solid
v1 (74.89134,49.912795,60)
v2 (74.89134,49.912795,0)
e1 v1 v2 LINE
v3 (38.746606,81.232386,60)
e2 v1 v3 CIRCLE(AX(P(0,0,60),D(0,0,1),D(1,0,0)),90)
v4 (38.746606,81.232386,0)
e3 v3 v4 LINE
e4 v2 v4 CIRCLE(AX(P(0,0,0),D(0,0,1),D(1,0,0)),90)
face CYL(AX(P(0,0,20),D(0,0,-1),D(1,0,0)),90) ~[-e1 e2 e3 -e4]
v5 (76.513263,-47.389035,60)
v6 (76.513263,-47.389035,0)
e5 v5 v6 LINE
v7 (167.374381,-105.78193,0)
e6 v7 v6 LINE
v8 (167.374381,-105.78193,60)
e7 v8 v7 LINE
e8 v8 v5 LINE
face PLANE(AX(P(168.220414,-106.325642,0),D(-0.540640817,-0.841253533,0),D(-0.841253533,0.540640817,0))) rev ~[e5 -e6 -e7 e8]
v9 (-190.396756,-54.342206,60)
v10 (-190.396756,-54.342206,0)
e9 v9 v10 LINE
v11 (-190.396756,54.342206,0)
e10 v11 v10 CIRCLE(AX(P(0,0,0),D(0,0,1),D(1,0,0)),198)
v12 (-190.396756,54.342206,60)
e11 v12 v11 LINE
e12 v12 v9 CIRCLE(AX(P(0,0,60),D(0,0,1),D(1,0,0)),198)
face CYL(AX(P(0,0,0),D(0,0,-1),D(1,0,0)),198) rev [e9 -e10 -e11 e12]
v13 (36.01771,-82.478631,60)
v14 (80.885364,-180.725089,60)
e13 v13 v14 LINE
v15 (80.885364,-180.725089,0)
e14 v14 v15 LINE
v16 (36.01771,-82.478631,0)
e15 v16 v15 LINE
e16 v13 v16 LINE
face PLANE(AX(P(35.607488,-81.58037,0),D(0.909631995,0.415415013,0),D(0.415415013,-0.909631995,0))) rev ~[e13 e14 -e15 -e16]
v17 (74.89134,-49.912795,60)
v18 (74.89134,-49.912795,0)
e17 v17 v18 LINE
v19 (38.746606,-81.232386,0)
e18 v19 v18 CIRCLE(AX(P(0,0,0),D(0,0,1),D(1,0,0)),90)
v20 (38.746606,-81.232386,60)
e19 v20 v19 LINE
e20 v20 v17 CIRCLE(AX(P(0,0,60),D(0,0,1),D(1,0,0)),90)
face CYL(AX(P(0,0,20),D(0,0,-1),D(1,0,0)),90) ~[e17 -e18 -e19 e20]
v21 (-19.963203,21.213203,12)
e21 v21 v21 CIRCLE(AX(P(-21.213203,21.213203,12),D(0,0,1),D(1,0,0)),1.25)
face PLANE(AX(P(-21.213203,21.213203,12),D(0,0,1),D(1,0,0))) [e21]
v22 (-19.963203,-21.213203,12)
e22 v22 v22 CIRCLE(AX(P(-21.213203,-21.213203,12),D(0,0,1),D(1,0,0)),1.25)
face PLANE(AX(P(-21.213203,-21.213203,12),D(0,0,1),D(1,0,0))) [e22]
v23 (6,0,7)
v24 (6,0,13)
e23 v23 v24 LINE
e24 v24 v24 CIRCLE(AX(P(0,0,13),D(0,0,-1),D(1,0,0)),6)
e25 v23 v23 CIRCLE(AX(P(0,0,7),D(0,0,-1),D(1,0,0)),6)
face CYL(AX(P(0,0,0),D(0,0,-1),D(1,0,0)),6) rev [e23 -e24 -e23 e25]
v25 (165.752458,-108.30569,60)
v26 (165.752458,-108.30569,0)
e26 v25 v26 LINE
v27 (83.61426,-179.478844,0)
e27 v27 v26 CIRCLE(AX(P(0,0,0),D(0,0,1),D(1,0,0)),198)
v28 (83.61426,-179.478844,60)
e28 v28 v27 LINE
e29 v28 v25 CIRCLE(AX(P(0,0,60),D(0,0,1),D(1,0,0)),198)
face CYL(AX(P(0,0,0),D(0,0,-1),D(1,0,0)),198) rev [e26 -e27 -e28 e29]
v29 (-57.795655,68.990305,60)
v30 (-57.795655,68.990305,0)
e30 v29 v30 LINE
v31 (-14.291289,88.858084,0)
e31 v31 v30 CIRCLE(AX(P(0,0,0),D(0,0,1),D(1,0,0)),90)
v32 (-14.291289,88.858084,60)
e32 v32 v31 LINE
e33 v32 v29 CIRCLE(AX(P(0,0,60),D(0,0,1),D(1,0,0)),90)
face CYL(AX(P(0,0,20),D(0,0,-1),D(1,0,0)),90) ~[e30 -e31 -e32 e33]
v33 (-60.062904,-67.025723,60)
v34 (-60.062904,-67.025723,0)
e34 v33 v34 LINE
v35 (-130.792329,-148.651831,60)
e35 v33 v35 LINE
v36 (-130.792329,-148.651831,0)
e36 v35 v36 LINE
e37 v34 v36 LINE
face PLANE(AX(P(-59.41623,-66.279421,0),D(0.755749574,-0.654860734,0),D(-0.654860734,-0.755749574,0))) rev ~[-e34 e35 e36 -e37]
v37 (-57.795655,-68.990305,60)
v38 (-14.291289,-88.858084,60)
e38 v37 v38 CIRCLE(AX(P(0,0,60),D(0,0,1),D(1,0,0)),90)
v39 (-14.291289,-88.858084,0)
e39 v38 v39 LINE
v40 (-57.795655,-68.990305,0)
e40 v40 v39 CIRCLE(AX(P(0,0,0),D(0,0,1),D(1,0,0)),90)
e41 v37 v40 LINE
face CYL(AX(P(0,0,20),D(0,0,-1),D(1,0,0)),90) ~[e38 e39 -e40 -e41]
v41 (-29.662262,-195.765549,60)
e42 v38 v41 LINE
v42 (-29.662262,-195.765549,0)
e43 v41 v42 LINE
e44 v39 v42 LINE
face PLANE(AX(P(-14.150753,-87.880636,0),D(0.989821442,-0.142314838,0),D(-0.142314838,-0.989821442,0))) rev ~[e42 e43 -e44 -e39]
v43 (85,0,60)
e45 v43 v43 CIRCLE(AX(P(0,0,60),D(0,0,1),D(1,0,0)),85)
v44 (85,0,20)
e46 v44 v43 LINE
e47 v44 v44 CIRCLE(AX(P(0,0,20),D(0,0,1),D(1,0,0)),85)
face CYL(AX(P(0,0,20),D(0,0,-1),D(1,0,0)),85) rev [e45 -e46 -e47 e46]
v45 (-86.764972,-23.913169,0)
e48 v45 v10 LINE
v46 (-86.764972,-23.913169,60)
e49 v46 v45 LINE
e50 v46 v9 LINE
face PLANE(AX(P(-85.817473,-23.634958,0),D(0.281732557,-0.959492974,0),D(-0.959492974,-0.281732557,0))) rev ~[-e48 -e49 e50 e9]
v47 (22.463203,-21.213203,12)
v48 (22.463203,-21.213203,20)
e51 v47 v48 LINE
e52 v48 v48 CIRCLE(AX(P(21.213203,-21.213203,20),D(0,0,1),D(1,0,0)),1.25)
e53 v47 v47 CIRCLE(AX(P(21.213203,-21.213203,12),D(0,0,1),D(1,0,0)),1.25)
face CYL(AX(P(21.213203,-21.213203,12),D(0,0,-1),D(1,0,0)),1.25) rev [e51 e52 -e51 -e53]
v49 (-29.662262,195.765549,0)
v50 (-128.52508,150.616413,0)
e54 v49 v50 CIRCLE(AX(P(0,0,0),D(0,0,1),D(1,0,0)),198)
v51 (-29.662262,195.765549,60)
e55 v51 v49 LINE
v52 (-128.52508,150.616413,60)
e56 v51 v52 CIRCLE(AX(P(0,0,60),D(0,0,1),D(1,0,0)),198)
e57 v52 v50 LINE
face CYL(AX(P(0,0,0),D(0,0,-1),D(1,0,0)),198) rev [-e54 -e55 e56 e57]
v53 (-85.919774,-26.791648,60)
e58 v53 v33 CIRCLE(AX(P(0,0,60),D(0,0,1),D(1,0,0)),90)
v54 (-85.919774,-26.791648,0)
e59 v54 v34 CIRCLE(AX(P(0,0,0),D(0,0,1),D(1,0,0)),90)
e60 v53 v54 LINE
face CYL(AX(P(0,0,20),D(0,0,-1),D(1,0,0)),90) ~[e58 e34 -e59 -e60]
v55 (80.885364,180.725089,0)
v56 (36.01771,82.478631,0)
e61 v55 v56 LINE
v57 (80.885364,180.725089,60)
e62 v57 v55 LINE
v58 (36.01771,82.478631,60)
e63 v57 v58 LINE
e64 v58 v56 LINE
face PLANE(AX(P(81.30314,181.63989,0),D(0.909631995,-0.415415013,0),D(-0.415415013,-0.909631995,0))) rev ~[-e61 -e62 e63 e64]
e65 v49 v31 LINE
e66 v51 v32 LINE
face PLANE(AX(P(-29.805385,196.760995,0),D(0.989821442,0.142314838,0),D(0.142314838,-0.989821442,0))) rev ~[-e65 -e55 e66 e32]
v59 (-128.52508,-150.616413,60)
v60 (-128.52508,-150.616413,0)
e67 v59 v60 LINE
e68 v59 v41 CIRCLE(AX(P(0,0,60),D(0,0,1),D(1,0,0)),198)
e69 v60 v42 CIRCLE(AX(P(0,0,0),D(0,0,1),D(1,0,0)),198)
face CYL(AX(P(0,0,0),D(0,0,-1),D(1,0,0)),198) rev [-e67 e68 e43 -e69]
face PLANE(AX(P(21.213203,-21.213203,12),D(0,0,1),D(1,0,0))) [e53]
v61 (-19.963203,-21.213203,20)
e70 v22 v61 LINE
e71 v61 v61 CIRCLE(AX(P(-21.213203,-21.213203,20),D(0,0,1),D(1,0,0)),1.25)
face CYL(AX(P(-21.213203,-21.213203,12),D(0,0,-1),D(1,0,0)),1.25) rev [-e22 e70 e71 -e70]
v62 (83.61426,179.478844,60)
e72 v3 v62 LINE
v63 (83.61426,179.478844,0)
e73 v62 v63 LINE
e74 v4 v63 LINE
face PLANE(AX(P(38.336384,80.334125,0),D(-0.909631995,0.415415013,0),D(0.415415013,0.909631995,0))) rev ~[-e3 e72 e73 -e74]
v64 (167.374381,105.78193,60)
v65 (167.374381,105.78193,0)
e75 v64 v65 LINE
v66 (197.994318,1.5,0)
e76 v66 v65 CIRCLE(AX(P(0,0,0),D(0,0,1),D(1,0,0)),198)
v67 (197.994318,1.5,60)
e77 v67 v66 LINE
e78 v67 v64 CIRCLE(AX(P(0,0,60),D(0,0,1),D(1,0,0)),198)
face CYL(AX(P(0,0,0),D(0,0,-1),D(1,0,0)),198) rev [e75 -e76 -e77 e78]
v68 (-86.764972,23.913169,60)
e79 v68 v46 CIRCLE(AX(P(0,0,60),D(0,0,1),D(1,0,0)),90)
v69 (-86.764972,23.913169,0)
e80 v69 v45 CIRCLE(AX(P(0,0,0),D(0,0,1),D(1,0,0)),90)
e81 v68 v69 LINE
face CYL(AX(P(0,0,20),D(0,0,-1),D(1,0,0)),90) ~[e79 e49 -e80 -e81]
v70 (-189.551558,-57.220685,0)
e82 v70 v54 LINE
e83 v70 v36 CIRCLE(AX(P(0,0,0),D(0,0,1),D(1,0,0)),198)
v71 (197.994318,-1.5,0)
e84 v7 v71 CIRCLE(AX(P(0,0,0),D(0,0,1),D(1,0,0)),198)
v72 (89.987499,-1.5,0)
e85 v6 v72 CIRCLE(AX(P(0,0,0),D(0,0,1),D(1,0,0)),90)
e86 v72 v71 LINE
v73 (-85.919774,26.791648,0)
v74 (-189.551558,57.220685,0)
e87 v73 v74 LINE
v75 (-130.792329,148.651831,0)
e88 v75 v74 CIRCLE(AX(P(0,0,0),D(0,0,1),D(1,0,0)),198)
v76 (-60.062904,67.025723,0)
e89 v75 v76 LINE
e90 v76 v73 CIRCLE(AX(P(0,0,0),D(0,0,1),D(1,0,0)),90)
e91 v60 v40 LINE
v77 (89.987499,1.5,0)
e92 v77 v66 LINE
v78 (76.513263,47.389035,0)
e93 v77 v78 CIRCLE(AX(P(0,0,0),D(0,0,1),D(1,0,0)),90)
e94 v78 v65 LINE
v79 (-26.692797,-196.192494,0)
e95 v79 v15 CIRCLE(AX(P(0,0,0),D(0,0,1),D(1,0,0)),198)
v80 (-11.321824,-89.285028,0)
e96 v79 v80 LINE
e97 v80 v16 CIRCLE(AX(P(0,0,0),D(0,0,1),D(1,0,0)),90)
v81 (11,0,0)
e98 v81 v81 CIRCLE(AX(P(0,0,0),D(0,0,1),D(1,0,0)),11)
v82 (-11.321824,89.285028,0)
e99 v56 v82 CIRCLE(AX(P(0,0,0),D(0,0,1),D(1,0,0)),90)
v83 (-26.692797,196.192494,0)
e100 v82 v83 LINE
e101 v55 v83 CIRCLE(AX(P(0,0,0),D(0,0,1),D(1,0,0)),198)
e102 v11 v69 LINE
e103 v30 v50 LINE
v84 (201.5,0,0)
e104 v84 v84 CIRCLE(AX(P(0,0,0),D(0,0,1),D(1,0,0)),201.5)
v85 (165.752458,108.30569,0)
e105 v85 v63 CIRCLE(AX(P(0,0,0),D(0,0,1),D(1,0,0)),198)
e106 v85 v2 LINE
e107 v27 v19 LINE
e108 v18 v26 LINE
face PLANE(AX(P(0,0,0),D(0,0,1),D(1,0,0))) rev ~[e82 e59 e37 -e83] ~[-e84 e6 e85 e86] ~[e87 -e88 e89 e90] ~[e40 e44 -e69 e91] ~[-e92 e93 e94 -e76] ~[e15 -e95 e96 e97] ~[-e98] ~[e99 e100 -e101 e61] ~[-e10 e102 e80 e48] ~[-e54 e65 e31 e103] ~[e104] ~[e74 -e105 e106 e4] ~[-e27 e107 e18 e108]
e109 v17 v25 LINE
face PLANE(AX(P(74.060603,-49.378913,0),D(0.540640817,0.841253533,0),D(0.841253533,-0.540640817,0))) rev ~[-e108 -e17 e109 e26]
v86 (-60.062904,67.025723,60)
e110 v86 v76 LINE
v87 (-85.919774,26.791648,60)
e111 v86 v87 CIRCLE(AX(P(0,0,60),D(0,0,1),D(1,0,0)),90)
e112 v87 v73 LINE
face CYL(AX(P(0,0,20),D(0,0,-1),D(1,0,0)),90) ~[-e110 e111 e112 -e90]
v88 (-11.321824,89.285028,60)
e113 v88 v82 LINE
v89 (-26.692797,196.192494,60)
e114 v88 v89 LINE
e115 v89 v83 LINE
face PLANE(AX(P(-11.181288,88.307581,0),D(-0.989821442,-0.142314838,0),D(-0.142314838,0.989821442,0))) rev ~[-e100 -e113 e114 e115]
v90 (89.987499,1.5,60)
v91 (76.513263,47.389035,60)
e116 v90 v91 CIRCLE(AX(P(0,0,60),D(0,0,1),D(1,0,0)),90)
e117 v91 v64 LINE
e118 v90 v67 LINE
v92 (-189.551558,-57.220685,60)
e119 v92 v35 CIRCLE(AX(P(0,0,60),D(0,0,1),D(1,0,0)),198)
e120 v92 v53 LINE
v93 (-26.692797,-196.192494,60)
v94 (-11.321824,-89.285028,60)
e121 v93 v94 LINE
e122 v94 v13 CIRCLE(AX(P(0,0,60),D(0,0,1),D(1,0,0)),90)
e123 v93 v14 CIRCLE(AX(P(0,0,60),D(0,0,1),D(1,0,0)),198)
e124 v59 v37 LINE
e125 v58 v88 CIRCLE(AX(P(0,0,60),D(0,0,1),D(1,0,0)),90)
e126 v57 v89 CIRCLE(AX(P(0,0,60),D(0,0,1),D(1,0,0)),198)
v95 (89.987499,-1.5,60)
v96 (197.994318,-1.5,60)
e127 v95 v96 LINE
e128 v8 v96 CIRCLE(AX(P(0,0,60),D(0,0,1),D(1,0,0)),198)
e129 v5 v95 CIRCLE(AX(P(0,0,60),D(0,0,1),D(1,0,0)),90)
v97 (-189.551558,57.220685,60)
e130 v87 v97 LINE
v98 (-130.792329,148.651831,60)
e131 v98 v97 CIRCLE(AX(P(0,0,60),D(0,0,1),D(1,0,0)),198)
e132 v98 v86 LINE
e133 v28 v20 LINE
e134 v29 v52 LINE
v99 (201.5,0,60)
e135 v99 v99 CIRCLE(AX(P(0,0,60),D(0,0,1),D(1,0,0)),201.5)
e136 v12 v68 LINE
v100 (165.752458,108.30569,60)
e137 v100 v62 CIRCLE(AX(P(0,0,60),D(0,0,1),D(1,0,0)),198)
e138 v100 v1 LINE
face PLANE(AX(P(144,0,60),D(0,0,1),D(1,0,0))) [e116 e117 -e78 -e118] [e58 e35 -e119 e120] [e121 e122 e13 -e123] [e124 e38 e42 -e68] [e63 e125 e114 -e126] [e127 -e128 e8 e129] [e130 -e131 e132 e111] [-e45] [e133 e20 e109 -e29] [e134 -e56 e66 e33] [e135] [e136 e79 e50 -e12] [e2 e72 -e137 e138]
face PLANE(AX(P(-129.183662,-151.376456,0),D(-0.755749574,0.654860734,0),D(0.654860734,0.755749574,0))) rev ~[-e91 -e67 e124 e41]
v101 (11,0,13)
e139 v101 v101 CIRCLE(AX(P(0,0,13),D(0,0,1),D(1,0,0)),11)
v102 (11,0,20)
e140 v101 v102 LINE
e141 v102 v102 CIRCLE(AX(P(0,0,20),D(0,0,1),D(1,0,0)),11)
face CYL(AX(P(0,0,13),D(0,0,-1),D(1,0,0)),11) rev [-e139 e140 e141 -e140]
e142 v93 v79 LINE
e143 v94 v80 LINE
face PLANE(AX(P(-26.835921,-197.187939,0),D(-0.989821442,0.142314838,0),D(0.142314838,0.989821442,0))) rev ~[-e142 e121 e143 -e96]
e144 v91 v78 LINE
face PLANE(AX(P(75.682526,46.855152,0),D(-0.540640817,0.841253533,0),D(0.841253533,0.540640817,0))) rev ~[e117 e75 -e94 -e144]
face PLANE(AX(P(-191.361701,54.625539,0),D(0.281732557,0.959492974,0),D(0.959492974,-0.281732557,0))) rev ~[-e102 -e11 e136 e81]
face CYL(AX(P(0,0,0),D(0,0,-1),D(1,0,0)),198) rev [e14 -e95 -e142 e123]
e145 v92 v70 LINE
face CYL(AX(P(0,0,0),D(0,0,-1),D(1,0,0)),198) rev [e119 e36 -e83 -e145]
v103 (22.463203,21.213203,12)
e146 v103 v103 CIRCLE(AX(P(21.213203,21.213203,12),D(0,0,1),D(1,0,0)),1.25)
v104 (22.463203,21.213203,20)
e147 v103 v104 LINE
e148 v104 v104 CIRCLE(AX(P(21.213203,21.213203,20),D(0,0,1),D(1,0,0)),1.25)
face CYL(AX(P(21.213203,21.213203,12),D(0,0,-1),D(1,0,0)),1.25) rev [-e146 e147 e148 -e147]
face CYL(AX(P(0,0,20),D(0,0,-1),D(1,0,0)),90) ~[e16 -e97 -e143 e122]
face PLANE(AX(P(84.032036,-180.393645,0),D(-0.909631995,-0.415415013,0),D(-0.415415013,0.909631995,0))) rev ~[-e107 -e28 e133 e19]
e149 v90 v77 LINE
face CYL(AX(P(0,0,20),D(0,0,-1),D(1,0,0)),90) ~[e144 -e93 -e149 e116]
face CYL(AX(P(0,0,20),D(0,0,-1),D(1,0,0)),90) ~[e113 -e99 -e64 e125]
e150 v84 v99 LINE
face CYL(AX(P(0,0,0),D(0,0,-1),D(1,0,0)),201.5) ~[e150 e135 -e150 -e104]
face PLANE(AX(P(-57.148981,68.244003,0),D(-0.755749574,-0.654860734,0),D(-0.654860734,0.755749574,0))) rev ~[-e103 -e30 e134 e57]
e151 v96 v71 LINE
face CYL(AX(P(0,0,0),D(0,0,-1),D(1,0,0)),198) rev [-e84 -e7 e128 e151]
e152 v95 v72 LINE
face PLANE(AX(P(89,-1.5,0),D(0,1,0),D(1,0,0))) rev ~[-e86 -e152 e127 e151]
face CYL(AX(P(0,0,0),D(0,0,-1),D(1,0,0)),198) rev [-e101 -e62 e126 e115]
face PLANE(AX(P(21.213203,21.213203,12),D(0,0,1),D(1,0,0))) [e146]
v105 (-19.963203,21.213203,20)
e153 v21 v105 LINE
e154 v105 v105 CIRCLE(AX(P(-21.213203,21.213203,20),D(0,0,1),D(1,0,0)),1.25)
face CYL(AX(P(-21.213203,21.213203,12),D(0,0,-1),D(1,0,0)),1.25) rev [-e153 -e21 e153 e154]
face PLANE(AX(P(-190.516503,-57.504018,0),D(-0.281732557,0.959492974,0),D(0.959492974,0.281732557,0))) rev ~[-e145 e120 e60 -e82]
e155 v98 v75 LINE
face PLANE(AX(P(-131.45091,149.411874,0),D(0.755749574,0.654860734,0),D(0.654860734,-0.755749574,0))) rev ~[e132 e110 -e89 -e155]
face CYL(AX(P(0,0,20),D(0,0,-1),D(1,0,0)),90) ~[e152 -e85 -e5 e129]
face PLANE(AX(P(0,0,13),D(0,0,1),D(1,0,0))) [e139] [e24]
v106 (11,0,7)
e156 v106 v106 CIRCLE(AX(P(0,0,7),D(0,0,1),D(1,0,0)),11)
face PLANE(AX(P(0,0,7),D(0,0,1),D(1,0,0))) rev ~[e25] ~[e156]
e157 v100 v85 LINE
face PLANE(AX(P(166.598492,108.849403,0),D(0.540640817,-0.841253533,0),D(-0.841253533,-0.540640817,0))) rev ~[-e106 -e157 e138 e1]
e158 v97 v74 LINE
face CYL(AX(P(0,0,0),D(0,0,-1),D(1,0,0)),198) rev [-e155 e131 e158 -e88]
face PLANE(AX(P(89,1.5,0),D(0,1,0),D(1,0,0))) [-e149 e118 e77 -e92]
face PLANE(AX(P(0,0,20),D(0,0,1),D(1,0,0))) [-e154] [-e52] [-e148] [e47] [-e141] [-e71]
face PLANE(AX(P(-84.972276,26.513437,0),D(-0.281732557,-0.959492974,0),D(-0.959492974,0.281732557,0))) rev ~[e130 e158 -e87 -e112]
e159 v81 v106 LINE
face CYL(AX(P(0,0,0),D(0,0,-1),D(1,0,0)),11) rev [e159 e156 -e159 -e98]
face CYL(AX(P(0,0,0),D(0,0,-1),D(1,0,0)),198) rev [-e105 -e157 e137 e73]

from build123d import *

# Parameters (mm, degrees)
SKETCH1_R               = 201.5
SKETCH1_R_2             = 198
RING_DEPTH              = 60
SKETCH2_R               = 90
FLOOR_2_DEPTH           = 20
SKETCH3_R               = 90
SKETCH3_R_2             = 85
HUB_TUBE_DEPTH          = 40
SKETCH4_W               = 110
SKETCH4_H               = 3
VANES_DEPTH             = 60
SKETCH5_R               = 6
BORE_DEPTH              = 20
SKETCH6_R               = 11
BEARING_SEAT_LOW_DEPTH  = 7
SKETCH7_R               = 11
BEARING_SEAT_HIGH_DEPTH = 7
SKETCH8_R               = 1.25
GROMMET_SCREWS_DEPTH    = 8


with BuildPart() as part:
    # Sketch1 → Ring (new body)
    with BuildSketch(Plane.XY):
        Circle(SKETCH1_R)
        Circle(SKETCH1_R_2, mode=Mode.SUBTRACT)
    extrude(amount=RING_DEPTH)



with BuildPart() as body_2:
    # Sketch2 → Floor 2 (new body)
    with BuildSketch(Plane.XY):
        Circle(SKETCH2_R)
    extrude(amount=FLOOR_2_DEPTH)

    # Sketch3 → Hub_tube (add)
    with BuildSketch(Plane.XY.offset(20)):
        Circle(SKETCH3_R)
        Circle(SKETCH3_R_2, mode=Mode.SUBTRACT)
    extrude(amount=HUB_TUBE_DEPTH)


with BuildPart() as part_1:
    add(part.part)

    add(body_2.part)  # Vanes merges body 2
    # Sketch4 → Vanes (add)
    with BuildSketch(Plane.XY):
        with Locations((144, 0)):
            Rectangle(SKETCH4_W, SKETCH4_H)
        Polygon((75.682525648, 46.855152454), (168.22041426, 106.325642374), (166.598491807, 108.849402973), (74.060603196, 49.378913053), align=None)
        Polygon((38.33638415, 80.334125067), (84.03203558, 180.393644556), (81.303139594, 181.639889595), (35.607488164, 81.580370106), align=None)
        Polygon((-11.181288444, 88.307580585), (-26.835920654, 197.187939192), (-29.805384979, 196.760994677), (-14.150752769, 87.88063607), align=None)
        Polygon((-57.14898096, 68.244003218), (-129.183661694, 151.376456397), (-131.450910417, 149.411874196), (-59.416229683, 66.279421017), align=None)
        Polygon((-84.972275816, 26.513437019), (-190.516502914, 57.504018272), (-191.361700585, 54.625539351), (-85.817473487, 23.634958098), align=None)
        Polygon((-85.817473487, -23.634958098), (-191.361700585, -54.625539351), (-190.516502914, -57.504018272), (-84.972275816, -26.513437019), align=None)
        Polygon((-59.416229683, -66.279421017), (-131.450910417, -149.411874196), (-129.183661694, -151.376456397), (-57.14898096, -68.244003218), align=None)
        Polygon((-14.150752769, -87.88063607), (-29.805384979, -196.760994677), (-26.835920654, -197.187939192), (-11.181288444, -88.307580585), align=None)
        Polygon((35.607488164, -81.580370106), (81.303139594, -181.639889595), (84.03203558, -180.393644556), (38.33638415, -80.334125067), align=None)
        Polygon((74.060603196, -49.378913053), (166.598491807, -108.849402973), (168.22041426, -106.325642374), (75.682525648, -46.855152454), align=None)
    extrude(amount=VANES_DEPTH)

    # Sketch5 → Bore (cut)
    with BuildSketch(Plane.XY):
        Circle(SKETCH5_R)
    extrude(amount=BORE_DEPTH, mode=Mode.SUBTRACT)

    # Sketch6 → Bearing_seat_low (cut)
    with BuildSketch(Plane.XY):
        Circle(SKETCH6_R)
    extrude(amount=BEARING_SEAT_LOW_DEPTH, mode=Mode.SUBTRACT)

    # Sketch7 → Bearing_seat_high (cut)
    with BuildSketch(Plane.XY.offset(13)):
        Circle(SKETCH7_R)
    extrude(amount=BEARING_SEAT_HIGH_DEPTH, mode=Mode.SUBTRACT)

    # Sketch8 → Grommet_screws (cut)
    with BuildSketch(Plane.XY.offset(12)):
        with Locations((21.213203436, 21.213203436)):
            Circle(SKETCH8_R)
        with Locations((-21.213203436, 21.213203436)):
            Circle(SKETCH8_R)
        with Locations((-21.213203436, -21.213203436)):
            Circle(SKETCH8_R)
        with Locations((21.213203436, -21.213203436)):
            Circle(SKETCH8_R)
    extrude(amount=GROMMET_SCREWS_DEPTH, mode=Mode.SUBTRACT)


solid = part_1.part
